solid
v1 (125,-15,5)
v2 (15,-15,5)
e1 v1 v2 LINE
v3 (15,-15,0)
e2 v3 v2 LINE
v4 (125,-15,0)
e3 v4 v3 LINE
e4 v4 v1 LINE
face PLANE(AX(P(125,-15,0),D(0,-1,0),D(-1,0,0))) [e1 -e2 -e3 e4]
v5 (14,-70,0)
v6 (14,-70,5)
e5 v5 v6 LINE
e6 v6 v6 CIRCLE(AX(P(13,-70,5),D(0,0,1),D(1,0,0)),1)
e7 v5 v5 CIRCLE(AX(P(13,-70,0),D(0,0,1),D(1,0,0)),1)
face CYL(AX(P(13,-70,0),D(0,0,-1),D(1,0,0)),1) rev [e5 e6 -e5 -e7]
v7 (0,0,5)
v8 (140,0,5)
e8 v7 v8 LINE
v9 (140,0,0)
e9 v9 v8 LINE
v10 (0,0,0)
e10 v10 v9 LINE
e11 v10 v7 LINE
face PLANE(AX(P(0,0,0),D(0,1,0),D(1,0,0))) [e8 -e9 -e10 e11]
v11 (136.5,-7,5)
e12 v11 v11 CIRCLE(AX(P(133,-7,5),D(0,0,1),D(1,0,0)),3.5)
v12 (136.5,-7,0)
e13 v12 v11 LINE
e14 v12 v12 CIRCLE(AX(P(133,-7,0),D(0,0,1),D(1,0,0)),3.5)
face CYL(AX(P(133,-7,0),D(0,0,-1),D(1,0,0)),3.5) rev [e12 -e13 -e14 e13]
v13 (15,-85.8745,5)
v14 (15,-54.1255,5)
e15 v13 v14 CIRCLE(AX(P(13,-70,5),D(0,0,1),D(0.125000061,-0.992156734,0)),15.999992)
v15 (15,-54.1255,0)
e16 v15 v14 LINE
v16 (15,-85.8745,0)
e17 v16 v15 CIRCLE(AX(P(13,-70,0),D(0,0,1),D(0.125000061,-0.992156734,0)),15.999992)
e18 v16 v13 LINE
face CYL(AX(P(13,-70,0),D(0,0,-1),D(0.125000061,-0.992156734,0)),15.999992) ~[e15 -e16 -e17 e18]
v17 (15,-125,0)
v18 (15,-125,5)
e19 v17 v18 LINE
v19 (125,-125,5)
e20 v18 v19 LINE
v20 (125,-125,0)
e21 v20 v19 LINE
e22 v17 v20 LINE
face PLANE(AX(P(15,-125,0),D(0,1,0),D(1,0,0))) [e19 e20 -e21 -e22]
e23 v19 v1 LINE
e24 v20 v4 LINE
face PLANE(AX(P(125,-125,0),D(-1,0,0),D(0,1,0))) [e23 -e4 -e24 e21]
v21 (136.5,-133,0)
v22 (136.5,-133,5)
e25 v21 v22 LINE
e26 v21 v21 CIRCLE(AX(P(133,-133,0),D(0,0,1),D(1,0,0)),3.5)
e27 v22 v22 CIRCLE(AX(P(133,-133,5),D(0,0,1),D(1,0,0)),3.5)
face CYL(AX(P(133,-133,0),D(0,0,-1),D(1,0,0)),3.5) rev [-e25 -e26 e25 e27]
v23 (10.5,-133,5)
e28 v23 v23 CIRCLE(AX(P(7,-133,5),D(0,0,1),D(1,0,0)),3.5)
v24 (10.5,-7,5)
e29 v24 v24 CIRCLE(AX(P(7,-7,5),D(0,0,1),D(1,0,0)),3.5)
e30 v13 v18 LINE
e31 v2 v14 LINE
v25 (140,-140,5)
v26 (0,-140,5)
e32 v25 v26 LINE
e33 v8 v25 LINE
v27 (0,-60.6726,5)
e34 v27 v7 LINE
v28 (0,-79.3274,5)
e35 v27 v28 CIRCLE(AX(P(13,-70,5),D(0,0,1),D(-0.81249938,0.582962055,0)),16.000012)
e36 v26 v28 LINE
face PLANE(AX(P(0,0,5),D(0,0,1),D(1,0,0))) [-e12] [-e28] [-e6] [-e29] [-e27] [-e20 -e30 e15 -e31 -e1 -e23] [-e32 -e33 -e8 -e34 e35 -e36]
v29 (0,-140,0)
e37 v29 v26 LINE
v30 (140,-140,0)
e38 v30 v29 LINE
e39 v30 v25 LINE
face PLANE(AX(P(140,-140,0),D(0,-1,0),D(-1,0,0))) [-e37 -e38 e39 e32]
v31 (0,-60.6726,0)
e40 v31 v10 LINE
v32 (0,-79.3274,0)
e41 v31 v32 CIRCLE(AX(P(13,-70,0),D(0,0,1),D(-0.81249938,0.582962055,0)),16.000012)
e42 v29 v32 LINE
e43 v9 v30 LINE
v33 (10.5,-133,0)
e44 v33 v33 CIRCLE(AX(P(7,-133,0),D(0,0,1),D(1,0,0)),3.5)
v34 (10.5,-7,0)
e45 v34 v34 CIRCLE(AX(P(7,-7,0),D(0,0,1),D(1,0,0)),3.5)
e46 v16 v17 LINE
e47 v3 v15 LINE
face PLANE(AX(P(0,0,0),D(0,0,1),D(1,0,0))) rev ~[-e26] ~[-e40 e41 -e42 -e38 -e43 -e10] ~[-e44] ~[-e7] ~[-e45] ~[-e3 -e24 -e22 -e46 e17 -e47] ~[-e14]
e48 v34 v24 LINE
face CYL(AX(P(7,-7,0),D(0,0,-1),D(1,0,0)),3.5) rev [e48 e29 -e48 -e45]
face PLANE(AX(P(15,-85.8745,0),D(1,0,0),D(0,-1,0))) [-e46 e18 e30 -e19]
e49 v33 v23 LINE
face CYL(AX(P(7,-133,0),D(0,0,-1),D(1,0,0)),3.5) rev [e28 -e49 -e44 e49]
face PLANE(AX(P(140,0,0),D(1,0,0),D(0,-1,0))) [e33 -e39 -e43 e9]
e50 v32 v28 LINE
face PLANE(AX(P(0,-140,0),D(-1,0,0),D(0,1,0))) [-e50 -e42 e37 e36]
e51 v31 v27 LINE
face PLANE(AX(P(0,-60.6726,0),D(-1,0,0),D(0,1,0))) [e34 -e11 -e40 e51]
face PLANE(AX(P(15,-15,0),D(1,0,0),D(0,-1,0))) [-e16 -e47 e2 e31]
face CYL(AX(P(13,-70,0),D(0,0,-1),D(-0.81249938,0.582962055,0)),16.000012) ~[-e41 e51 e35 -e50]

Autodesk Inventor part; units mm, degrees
ref_plane "YZ Plane" through (0, 0, 0) normal (1, 0, 0) x (0, 1, 0)
ref_plane "XZ Plane" through (0, 0, 0) normal (0, 1, 0) x (-1, 0, 0)
ref_plane "XY Plane" through (0, 0, 0) normal (0, 0, 1) x (1, 0, 0)
sketch "Boceto1" plane through (0, 0, 0) normal (0, 0, 1) x (1, 0, 0)
  point P0 (0, 0)
sketch "0" plane through (0, 0, 0) normal (0, 0, 1) x (1, 0, 0)
  circle A0 centre (-671.6471, -277.2868) radius 3.5
  circle A1 centre (-545.6471, -277.2868) radius 3.5
  circle A2 centre (-671.6471, -403.2868) radius 3.5
  circle A3 centre (-545.6471, -403.2868) radius 3.5
  circle A4 centre (7, -133) radius 3.5
  circle A5 centre (7, -7) radius 3.5
  circle A6 centre (133, -133) radius 3.5
  circle A7 centre (133, -7) radius 3.5
  circle A8 centre (-670.5803, -255.684) radius 3.5
  circle A9 centre (-670.5803, -129.684) radius 3.5
  circle A10 centre (-544.5803, -255.684) radius 3.5
  circle A11 centre (-544.5803, -129.684) radius 3.5
  circle A12 centre (-741.4316, -468.1442) radius 3.5
  circle A13 centre (-799.8971, -377.5076) radius 3.5
  line L0 (-840.9891, -326.5002) -> (-840.9891, -274.8276)
  line L1 (-840.9891, -274.8276) -> (-825.9891, -274.8276)
  line L2 (-825.9891, -274.8276) -> (-825.9891, -319.9531)
  circle A14 centre (-833.7364, -286.5276) radius 3.5
  line L3 (-553.6471, -387.9066) -> (-553.6471, -402.2868)
  line L4 (-553.6471, -402.2868) -> (-663.6471, -402.2868)
  line L5 (-663.6471, -402.2868) -> (-663.6471, -388.2868)
  line L6 (-663.6471, -388.2868) -> (-663.6471, -356.1613)
  arc A15 (-681.67, -501.8739) -> (-685.67, -501.8739) centre (-683.67, -501.8739) ccw
  line L7 (-681.67, -501.8739) -> (-681.67, -539.0536)
  arc A16 (-685.67, -539.0536) -> (-681.67, -539.0536) centre (-683.67, -539.0536) ccw
  line L8 (-685.67, -539.0536) -> (-685.67, -501.8739)
  line L9 (-585.2407, -487.858) -> (-585.2407, -480.358)
  line L10 (-585.2407, -480.358) -> (-669.2108, -480.358)
  arc A17 (-671.9229, -479.9831) -> (-669.2108, -480.358) centre (-669.2108, -470.358) ccw
  line L11 (-671.9229, -479.9831) -> (-696.1106, -473.1676)
  arc A18 (-696.1106, -473.1676) -> (-698.0161, -472.8254) centre (-698.8228, -482.7928) ccw
  arc A19 (-699.9334, -472.4798) -> (-698.0161, -472.8254) centre (-697.2095, -462.858) ccw
  line L12 (-766.1674, -437.2692) -> (-728.9877, -437.2692)
  arc A20 (-728.9877, -437.2692) -> (-728.9877, -433.2692) centre (-728.9877, -435.2692) ccw
  line L13 (-728.9877, -433.2692) -> (-766.1674, -433.2692)
  arc A21 (-766.1674, -433.2692) -> (-766.1674, -437.2692) centre (-766.1674, -435.2692) ccw
  line L14 (-677.5803, -183.3567) -> (-677.5803, -122.684)
  line L15 (-677.5803, -122.684) -> (-537.5803, -122.684)
  line L16 (-537.5803, -122.684) -> (-537.5803, -262.684)
  line L17 (-537.5803, -262.684) -> (-677.5803, -262.684)
  line L18 (-677.5803, -262.684) -> (-677.5803, -202.0114)
  line L19 (-662.5803, -208.5585) -> (-662.5803, -247.684)
  line L20 (-662.5803, -247.684) -> (-552.5803, -247.684)
  line L21 (-552.5803, -247.684) -> (-552.5803, -137.684)
  line L22 (-552.5803, -137.684) -> (-662.5803, -137.684)
  line L23 (-662.5803, -137.684) -> (-662.5803, -176.8095)
  line L24 (0, -60.6726) -> (0, 0)
  line L25 (0, 0) -> (140, 0)
  line L26 (140, 0) -> (140, -140)
  line L27 (140, -140) -> (0, -140)
  line L28 (0, -140) -> (0, -79.3274)
  line L29 (15, -85.8745) -> (15, -125)
  line L30 (15, -125) -> (125, -125)
  line L31 (125, -125) -> (125, -15)
  line L32 (125, -15) -> (15, -15)
  line L33 (15, -15) -> (15, -54.1255)
  circle A22 centre (-545.752, -549.8856) radius 3.5
  line L34 (-652.1152, -541.8856) -> (-553.752, -541.8856)
  line L35 (-553.752, -541.8856) -> (-553.752, -502.7601)
  line L36 (-652.1152, -556.8856) -> (-652.1152, -541.8856)
  line L37 (-652.1152, -416.8856) -> (-538.752, -416.8856)
  line L38 (-538.752, -416.8856) -> (-538.752, -477.5582)
  line L39 (-652.1152, -431.8856) -> (-652.1152, -416.8856)
  circle A23 centre (-545.752, -423.8856) radius 3.5
  arc A24 (0, -60.6726) -> (0, -79.3274) centre (13, -70) ccw
  arc A25 (-677.5803, -183.3567) -> (-677.5803, -202.0114) centre (-664.5803, -192.684) ccw
  arc A26 (-840.9891, -326.5002) -> (-840.9891, -345.155) centre (-827.9891, -335.8276) ccw
  arc A27 (-678.6471, -330.9594) -> (-678.6471, -349.6141) centre (-665.6471, -340.2868) ccw
  arc A28 (-804.8971, -395.9384) -> (-795.5615, -419.0058) centre (-790.9049, -403.6985) ccw
  arc A29 (-553.752, -471.0111) -> (-553.752, -502.7601) centre (-551.752, -486.8856) ccw
  arc A30 (-731.011, -479.8384) -> (-703.3644, -487.858) centre (-715.2407, -477.1364) ccw
  arc A31 (15, -85.8745) -> (15, -54.1255) centre (13, -70) ccw
  arc A32 (-662.5803, -208.5585) -> (-662.5803, -176.8095) centre (-664.5803, -192.684) ccw
  line L40 (-804.8971, -395.9384) -> (-804.8971, -370.5076)
  line L41 (-804.8971, -370.5076) -> (-789.903, -370.5076)
  line L42 (-789.903, -370.5076) -> (-789.903, -382.3505)
  arc A33 (-789.903, -382.3505) -> (-788.2029, -387.9282) centre (-779.903, -382.3505) ccw
  line L43 (-780.1834, -415.5748) -> (-780.1834, -420.3477)
  arc A34 (-780.1834, -420.3477) -> (-779.8086, -423.0599) centre (-770.1834, -420.3477) ccw
  line L44 (-779.8086, -423.0599) -> (-777.4954, -431.2692)
  line L45 (-777.4954, -431.2692) -> (-725.4954, -431.2692)
  arc A35 (-725.4954, -439.2692) -> (-725.4954, -431.2692) centre (-725.2393, -435.2692) ccw
  line L46 (-725.4954, -439.2692) -> (-775.2411, -439.2692)
  line L47 (-775.2411, -439.2692) -> (-773.0582, -447.0163)
  arc A36 (-772.6834, -449.7284) -> (-773.0582, -447.0163) centre (-782.6834, -449.7284) ccw
  line L48 (-772.6834, -449.7284) -> (-772.6834, -533.6985)
  line L49 (-772.6834, -533.6985) -> (-787.6834, -533.6985)
  line L50 (-787.6834, -533.6985) -> (-787.6834, -449.7284)
  arc A37 (-787.6834, -449.7284) -> (-788.0582, -447.0163) centre (-797.6834, -449.7284) ccw
  line L51 (-788.0582, -447.0163) -> (-794.8737, -422.8286)
  arc A38 (-795.216, -420.9231) -> (-794.8737, -422.8286) centre (-785.2486, -420.1164) ccw
  arc A39 (-795.216, -420.9231) -> (-795.5615, -419.0058) centre (-805.1834, -421.7297) ccw
  arc A40 (-780.1834, -415.5748) -> (-788.2029, -387.9282) centre (-790.9049, -403.6985) ccw
  line L52 (-663.6471, -324.4123) -> (-663.6471, -278.2868)
  line L53 (-663.6471, -278.2868) -> (-553.6471, -278.2868)
  line L54 (-553.6471, -278.2868) -> (-553.6471, -331.7868)
  line L55 (-553.6471, -331.7868) -> (-538.6471, -331.7868)
  line L56 (-538.6471, -331.7868) -> (-538.6471, -270.2868)
  line L57 (-538.6471, -270.2868) -> (-678.6471, -270.2868)
  line L58 (-678.6471, -270.2868) -> (-678.6471, -330.9594)
  line L59 (-678.6471, -349.6141) -> (-678.6471, -410.2868)
  line L60 (-678.6471, -410.2868) -> (-538.6471, -410.2868)
  line L61 (-538.6471, -410.2868) -> (-538.6471, -348.7868)
  line L62 (-538.6471, -348.7868) -> (-553.6471, -348.7868)
  line L63 (-553.6471, -348.7868) -> (-553.6471, -388.2868)
  arc A41 (-663.6471, -356.1613) -> (-663.6471, -324.4123) centre (-665.6471, -340.2868) ccw
  line L64 (-813.8558, -328.3276) -> (-690.9891, -328.3276)
  line L65 (-690.9891, -328.3276) -> (-690.9891, -343.3276)
  line L66 (-690.9891, -343.3276) -> (-813.8558, -343.3276)
  line L67 (-825.9891, -351.7021) -> (-825.9891, -396.8276)
  line L68 (-825.9891, -396.8276) -> (-840.9891, -396.8276)
  line L69 (-840.9891, -396.8276) -> (-840.9891, -345.155)
  arc A42 (-825.9891, -351.7021) -> (-813.8558, -343.3276) centre (-827.9891, -335.8276) ccw
  arc A43 (-813.8558, -328.3276) -> (-825.9891, -319.9531) centre (-827.9891, -335.8276) ccw
  line L70 (-538.752, -496.213) -> (-538.752, -556.8856)
  line L71 (-538.752, -556.8856) -> (-652.1152, -556.8856)
  line L72 (-553.752, -471.0111) -> (-553.752, -431.8856)
  line L73 (-553.752, -431.8856) -> (-652.1152, -431.8856)
  arc A44 (-538.752, -496.213) -> (-538.752, -477.5582) centre (-551.752, -486.8856) ccw
  line L74 (-703.3644, -487.858) -> (-698.5915, -487.858)
  arc A45 (-695.8793, -488.2328) -> (-698.5915, -487.858) centre (-698.5915, -497.858) ccw
  line L75 (-695.8793, -488.2328) -> (-687.67, -490.546)
  line L76 (-687.67, -490.546) -> (-687.67, -542.546)
  arc A46 (-687.67, -542.546) -> (-679.67, -542.546) centre (-683.67, -542.8021) ccw
  line L77 (-679.67, -542.546) -> (-679.67, -492.8002)
  line L78 (-679.67, -492.8002) -> (-671.9229, -494.9831)
  arc A47 (-671.9229, -494.9831) -> (-669.2108, -495.358) centre (-669.2108, -485.358) ccw
  line L79 (-669.2108, -495.358) -> (-585.2407, -495.358)
  line L80 (-585.2407, -495.358) -> (-585.2407, -480.358)
  line L81 (-723.0008, -463.1442) -> (-748.4316, -463.1442)
  line L82 (-748.4316, -463.1442) -> (-748.4316, -478.1383)
  line L83 (-748.4316, -478.1383) -> (-736.5887, -478.1383)
  arc A48 (-731.011, -479.8384) -> (-736.5887, -478.1383) centre (-736.5887, -488.1383) ccw
  arc A49 (-699.9334, -472.4798) -> (-723.0008, -463.1442) centre (-715.2407, -477.1364) ccw
  line L84 (-855.7327, -108.1134) -> (-523.7327, -108.1134)
  line L85 (-523.7327, -108.1134) -> (-523.7327, -571.1134)
  line L86 (-523.7327, -571.1134) -> (-855.7327, -571.1134)
  line L87 (-855.7327, -571.1134) -> (-855.7327, -108.1134)
  circle A50 centre (13, -70) radius 1
  dimension "d11" = 2
extrude "Extrusión1" add sketch "0" along normal blind 5 contours L24 L25 L26 L27 L28 A24
properties part number "P1"
